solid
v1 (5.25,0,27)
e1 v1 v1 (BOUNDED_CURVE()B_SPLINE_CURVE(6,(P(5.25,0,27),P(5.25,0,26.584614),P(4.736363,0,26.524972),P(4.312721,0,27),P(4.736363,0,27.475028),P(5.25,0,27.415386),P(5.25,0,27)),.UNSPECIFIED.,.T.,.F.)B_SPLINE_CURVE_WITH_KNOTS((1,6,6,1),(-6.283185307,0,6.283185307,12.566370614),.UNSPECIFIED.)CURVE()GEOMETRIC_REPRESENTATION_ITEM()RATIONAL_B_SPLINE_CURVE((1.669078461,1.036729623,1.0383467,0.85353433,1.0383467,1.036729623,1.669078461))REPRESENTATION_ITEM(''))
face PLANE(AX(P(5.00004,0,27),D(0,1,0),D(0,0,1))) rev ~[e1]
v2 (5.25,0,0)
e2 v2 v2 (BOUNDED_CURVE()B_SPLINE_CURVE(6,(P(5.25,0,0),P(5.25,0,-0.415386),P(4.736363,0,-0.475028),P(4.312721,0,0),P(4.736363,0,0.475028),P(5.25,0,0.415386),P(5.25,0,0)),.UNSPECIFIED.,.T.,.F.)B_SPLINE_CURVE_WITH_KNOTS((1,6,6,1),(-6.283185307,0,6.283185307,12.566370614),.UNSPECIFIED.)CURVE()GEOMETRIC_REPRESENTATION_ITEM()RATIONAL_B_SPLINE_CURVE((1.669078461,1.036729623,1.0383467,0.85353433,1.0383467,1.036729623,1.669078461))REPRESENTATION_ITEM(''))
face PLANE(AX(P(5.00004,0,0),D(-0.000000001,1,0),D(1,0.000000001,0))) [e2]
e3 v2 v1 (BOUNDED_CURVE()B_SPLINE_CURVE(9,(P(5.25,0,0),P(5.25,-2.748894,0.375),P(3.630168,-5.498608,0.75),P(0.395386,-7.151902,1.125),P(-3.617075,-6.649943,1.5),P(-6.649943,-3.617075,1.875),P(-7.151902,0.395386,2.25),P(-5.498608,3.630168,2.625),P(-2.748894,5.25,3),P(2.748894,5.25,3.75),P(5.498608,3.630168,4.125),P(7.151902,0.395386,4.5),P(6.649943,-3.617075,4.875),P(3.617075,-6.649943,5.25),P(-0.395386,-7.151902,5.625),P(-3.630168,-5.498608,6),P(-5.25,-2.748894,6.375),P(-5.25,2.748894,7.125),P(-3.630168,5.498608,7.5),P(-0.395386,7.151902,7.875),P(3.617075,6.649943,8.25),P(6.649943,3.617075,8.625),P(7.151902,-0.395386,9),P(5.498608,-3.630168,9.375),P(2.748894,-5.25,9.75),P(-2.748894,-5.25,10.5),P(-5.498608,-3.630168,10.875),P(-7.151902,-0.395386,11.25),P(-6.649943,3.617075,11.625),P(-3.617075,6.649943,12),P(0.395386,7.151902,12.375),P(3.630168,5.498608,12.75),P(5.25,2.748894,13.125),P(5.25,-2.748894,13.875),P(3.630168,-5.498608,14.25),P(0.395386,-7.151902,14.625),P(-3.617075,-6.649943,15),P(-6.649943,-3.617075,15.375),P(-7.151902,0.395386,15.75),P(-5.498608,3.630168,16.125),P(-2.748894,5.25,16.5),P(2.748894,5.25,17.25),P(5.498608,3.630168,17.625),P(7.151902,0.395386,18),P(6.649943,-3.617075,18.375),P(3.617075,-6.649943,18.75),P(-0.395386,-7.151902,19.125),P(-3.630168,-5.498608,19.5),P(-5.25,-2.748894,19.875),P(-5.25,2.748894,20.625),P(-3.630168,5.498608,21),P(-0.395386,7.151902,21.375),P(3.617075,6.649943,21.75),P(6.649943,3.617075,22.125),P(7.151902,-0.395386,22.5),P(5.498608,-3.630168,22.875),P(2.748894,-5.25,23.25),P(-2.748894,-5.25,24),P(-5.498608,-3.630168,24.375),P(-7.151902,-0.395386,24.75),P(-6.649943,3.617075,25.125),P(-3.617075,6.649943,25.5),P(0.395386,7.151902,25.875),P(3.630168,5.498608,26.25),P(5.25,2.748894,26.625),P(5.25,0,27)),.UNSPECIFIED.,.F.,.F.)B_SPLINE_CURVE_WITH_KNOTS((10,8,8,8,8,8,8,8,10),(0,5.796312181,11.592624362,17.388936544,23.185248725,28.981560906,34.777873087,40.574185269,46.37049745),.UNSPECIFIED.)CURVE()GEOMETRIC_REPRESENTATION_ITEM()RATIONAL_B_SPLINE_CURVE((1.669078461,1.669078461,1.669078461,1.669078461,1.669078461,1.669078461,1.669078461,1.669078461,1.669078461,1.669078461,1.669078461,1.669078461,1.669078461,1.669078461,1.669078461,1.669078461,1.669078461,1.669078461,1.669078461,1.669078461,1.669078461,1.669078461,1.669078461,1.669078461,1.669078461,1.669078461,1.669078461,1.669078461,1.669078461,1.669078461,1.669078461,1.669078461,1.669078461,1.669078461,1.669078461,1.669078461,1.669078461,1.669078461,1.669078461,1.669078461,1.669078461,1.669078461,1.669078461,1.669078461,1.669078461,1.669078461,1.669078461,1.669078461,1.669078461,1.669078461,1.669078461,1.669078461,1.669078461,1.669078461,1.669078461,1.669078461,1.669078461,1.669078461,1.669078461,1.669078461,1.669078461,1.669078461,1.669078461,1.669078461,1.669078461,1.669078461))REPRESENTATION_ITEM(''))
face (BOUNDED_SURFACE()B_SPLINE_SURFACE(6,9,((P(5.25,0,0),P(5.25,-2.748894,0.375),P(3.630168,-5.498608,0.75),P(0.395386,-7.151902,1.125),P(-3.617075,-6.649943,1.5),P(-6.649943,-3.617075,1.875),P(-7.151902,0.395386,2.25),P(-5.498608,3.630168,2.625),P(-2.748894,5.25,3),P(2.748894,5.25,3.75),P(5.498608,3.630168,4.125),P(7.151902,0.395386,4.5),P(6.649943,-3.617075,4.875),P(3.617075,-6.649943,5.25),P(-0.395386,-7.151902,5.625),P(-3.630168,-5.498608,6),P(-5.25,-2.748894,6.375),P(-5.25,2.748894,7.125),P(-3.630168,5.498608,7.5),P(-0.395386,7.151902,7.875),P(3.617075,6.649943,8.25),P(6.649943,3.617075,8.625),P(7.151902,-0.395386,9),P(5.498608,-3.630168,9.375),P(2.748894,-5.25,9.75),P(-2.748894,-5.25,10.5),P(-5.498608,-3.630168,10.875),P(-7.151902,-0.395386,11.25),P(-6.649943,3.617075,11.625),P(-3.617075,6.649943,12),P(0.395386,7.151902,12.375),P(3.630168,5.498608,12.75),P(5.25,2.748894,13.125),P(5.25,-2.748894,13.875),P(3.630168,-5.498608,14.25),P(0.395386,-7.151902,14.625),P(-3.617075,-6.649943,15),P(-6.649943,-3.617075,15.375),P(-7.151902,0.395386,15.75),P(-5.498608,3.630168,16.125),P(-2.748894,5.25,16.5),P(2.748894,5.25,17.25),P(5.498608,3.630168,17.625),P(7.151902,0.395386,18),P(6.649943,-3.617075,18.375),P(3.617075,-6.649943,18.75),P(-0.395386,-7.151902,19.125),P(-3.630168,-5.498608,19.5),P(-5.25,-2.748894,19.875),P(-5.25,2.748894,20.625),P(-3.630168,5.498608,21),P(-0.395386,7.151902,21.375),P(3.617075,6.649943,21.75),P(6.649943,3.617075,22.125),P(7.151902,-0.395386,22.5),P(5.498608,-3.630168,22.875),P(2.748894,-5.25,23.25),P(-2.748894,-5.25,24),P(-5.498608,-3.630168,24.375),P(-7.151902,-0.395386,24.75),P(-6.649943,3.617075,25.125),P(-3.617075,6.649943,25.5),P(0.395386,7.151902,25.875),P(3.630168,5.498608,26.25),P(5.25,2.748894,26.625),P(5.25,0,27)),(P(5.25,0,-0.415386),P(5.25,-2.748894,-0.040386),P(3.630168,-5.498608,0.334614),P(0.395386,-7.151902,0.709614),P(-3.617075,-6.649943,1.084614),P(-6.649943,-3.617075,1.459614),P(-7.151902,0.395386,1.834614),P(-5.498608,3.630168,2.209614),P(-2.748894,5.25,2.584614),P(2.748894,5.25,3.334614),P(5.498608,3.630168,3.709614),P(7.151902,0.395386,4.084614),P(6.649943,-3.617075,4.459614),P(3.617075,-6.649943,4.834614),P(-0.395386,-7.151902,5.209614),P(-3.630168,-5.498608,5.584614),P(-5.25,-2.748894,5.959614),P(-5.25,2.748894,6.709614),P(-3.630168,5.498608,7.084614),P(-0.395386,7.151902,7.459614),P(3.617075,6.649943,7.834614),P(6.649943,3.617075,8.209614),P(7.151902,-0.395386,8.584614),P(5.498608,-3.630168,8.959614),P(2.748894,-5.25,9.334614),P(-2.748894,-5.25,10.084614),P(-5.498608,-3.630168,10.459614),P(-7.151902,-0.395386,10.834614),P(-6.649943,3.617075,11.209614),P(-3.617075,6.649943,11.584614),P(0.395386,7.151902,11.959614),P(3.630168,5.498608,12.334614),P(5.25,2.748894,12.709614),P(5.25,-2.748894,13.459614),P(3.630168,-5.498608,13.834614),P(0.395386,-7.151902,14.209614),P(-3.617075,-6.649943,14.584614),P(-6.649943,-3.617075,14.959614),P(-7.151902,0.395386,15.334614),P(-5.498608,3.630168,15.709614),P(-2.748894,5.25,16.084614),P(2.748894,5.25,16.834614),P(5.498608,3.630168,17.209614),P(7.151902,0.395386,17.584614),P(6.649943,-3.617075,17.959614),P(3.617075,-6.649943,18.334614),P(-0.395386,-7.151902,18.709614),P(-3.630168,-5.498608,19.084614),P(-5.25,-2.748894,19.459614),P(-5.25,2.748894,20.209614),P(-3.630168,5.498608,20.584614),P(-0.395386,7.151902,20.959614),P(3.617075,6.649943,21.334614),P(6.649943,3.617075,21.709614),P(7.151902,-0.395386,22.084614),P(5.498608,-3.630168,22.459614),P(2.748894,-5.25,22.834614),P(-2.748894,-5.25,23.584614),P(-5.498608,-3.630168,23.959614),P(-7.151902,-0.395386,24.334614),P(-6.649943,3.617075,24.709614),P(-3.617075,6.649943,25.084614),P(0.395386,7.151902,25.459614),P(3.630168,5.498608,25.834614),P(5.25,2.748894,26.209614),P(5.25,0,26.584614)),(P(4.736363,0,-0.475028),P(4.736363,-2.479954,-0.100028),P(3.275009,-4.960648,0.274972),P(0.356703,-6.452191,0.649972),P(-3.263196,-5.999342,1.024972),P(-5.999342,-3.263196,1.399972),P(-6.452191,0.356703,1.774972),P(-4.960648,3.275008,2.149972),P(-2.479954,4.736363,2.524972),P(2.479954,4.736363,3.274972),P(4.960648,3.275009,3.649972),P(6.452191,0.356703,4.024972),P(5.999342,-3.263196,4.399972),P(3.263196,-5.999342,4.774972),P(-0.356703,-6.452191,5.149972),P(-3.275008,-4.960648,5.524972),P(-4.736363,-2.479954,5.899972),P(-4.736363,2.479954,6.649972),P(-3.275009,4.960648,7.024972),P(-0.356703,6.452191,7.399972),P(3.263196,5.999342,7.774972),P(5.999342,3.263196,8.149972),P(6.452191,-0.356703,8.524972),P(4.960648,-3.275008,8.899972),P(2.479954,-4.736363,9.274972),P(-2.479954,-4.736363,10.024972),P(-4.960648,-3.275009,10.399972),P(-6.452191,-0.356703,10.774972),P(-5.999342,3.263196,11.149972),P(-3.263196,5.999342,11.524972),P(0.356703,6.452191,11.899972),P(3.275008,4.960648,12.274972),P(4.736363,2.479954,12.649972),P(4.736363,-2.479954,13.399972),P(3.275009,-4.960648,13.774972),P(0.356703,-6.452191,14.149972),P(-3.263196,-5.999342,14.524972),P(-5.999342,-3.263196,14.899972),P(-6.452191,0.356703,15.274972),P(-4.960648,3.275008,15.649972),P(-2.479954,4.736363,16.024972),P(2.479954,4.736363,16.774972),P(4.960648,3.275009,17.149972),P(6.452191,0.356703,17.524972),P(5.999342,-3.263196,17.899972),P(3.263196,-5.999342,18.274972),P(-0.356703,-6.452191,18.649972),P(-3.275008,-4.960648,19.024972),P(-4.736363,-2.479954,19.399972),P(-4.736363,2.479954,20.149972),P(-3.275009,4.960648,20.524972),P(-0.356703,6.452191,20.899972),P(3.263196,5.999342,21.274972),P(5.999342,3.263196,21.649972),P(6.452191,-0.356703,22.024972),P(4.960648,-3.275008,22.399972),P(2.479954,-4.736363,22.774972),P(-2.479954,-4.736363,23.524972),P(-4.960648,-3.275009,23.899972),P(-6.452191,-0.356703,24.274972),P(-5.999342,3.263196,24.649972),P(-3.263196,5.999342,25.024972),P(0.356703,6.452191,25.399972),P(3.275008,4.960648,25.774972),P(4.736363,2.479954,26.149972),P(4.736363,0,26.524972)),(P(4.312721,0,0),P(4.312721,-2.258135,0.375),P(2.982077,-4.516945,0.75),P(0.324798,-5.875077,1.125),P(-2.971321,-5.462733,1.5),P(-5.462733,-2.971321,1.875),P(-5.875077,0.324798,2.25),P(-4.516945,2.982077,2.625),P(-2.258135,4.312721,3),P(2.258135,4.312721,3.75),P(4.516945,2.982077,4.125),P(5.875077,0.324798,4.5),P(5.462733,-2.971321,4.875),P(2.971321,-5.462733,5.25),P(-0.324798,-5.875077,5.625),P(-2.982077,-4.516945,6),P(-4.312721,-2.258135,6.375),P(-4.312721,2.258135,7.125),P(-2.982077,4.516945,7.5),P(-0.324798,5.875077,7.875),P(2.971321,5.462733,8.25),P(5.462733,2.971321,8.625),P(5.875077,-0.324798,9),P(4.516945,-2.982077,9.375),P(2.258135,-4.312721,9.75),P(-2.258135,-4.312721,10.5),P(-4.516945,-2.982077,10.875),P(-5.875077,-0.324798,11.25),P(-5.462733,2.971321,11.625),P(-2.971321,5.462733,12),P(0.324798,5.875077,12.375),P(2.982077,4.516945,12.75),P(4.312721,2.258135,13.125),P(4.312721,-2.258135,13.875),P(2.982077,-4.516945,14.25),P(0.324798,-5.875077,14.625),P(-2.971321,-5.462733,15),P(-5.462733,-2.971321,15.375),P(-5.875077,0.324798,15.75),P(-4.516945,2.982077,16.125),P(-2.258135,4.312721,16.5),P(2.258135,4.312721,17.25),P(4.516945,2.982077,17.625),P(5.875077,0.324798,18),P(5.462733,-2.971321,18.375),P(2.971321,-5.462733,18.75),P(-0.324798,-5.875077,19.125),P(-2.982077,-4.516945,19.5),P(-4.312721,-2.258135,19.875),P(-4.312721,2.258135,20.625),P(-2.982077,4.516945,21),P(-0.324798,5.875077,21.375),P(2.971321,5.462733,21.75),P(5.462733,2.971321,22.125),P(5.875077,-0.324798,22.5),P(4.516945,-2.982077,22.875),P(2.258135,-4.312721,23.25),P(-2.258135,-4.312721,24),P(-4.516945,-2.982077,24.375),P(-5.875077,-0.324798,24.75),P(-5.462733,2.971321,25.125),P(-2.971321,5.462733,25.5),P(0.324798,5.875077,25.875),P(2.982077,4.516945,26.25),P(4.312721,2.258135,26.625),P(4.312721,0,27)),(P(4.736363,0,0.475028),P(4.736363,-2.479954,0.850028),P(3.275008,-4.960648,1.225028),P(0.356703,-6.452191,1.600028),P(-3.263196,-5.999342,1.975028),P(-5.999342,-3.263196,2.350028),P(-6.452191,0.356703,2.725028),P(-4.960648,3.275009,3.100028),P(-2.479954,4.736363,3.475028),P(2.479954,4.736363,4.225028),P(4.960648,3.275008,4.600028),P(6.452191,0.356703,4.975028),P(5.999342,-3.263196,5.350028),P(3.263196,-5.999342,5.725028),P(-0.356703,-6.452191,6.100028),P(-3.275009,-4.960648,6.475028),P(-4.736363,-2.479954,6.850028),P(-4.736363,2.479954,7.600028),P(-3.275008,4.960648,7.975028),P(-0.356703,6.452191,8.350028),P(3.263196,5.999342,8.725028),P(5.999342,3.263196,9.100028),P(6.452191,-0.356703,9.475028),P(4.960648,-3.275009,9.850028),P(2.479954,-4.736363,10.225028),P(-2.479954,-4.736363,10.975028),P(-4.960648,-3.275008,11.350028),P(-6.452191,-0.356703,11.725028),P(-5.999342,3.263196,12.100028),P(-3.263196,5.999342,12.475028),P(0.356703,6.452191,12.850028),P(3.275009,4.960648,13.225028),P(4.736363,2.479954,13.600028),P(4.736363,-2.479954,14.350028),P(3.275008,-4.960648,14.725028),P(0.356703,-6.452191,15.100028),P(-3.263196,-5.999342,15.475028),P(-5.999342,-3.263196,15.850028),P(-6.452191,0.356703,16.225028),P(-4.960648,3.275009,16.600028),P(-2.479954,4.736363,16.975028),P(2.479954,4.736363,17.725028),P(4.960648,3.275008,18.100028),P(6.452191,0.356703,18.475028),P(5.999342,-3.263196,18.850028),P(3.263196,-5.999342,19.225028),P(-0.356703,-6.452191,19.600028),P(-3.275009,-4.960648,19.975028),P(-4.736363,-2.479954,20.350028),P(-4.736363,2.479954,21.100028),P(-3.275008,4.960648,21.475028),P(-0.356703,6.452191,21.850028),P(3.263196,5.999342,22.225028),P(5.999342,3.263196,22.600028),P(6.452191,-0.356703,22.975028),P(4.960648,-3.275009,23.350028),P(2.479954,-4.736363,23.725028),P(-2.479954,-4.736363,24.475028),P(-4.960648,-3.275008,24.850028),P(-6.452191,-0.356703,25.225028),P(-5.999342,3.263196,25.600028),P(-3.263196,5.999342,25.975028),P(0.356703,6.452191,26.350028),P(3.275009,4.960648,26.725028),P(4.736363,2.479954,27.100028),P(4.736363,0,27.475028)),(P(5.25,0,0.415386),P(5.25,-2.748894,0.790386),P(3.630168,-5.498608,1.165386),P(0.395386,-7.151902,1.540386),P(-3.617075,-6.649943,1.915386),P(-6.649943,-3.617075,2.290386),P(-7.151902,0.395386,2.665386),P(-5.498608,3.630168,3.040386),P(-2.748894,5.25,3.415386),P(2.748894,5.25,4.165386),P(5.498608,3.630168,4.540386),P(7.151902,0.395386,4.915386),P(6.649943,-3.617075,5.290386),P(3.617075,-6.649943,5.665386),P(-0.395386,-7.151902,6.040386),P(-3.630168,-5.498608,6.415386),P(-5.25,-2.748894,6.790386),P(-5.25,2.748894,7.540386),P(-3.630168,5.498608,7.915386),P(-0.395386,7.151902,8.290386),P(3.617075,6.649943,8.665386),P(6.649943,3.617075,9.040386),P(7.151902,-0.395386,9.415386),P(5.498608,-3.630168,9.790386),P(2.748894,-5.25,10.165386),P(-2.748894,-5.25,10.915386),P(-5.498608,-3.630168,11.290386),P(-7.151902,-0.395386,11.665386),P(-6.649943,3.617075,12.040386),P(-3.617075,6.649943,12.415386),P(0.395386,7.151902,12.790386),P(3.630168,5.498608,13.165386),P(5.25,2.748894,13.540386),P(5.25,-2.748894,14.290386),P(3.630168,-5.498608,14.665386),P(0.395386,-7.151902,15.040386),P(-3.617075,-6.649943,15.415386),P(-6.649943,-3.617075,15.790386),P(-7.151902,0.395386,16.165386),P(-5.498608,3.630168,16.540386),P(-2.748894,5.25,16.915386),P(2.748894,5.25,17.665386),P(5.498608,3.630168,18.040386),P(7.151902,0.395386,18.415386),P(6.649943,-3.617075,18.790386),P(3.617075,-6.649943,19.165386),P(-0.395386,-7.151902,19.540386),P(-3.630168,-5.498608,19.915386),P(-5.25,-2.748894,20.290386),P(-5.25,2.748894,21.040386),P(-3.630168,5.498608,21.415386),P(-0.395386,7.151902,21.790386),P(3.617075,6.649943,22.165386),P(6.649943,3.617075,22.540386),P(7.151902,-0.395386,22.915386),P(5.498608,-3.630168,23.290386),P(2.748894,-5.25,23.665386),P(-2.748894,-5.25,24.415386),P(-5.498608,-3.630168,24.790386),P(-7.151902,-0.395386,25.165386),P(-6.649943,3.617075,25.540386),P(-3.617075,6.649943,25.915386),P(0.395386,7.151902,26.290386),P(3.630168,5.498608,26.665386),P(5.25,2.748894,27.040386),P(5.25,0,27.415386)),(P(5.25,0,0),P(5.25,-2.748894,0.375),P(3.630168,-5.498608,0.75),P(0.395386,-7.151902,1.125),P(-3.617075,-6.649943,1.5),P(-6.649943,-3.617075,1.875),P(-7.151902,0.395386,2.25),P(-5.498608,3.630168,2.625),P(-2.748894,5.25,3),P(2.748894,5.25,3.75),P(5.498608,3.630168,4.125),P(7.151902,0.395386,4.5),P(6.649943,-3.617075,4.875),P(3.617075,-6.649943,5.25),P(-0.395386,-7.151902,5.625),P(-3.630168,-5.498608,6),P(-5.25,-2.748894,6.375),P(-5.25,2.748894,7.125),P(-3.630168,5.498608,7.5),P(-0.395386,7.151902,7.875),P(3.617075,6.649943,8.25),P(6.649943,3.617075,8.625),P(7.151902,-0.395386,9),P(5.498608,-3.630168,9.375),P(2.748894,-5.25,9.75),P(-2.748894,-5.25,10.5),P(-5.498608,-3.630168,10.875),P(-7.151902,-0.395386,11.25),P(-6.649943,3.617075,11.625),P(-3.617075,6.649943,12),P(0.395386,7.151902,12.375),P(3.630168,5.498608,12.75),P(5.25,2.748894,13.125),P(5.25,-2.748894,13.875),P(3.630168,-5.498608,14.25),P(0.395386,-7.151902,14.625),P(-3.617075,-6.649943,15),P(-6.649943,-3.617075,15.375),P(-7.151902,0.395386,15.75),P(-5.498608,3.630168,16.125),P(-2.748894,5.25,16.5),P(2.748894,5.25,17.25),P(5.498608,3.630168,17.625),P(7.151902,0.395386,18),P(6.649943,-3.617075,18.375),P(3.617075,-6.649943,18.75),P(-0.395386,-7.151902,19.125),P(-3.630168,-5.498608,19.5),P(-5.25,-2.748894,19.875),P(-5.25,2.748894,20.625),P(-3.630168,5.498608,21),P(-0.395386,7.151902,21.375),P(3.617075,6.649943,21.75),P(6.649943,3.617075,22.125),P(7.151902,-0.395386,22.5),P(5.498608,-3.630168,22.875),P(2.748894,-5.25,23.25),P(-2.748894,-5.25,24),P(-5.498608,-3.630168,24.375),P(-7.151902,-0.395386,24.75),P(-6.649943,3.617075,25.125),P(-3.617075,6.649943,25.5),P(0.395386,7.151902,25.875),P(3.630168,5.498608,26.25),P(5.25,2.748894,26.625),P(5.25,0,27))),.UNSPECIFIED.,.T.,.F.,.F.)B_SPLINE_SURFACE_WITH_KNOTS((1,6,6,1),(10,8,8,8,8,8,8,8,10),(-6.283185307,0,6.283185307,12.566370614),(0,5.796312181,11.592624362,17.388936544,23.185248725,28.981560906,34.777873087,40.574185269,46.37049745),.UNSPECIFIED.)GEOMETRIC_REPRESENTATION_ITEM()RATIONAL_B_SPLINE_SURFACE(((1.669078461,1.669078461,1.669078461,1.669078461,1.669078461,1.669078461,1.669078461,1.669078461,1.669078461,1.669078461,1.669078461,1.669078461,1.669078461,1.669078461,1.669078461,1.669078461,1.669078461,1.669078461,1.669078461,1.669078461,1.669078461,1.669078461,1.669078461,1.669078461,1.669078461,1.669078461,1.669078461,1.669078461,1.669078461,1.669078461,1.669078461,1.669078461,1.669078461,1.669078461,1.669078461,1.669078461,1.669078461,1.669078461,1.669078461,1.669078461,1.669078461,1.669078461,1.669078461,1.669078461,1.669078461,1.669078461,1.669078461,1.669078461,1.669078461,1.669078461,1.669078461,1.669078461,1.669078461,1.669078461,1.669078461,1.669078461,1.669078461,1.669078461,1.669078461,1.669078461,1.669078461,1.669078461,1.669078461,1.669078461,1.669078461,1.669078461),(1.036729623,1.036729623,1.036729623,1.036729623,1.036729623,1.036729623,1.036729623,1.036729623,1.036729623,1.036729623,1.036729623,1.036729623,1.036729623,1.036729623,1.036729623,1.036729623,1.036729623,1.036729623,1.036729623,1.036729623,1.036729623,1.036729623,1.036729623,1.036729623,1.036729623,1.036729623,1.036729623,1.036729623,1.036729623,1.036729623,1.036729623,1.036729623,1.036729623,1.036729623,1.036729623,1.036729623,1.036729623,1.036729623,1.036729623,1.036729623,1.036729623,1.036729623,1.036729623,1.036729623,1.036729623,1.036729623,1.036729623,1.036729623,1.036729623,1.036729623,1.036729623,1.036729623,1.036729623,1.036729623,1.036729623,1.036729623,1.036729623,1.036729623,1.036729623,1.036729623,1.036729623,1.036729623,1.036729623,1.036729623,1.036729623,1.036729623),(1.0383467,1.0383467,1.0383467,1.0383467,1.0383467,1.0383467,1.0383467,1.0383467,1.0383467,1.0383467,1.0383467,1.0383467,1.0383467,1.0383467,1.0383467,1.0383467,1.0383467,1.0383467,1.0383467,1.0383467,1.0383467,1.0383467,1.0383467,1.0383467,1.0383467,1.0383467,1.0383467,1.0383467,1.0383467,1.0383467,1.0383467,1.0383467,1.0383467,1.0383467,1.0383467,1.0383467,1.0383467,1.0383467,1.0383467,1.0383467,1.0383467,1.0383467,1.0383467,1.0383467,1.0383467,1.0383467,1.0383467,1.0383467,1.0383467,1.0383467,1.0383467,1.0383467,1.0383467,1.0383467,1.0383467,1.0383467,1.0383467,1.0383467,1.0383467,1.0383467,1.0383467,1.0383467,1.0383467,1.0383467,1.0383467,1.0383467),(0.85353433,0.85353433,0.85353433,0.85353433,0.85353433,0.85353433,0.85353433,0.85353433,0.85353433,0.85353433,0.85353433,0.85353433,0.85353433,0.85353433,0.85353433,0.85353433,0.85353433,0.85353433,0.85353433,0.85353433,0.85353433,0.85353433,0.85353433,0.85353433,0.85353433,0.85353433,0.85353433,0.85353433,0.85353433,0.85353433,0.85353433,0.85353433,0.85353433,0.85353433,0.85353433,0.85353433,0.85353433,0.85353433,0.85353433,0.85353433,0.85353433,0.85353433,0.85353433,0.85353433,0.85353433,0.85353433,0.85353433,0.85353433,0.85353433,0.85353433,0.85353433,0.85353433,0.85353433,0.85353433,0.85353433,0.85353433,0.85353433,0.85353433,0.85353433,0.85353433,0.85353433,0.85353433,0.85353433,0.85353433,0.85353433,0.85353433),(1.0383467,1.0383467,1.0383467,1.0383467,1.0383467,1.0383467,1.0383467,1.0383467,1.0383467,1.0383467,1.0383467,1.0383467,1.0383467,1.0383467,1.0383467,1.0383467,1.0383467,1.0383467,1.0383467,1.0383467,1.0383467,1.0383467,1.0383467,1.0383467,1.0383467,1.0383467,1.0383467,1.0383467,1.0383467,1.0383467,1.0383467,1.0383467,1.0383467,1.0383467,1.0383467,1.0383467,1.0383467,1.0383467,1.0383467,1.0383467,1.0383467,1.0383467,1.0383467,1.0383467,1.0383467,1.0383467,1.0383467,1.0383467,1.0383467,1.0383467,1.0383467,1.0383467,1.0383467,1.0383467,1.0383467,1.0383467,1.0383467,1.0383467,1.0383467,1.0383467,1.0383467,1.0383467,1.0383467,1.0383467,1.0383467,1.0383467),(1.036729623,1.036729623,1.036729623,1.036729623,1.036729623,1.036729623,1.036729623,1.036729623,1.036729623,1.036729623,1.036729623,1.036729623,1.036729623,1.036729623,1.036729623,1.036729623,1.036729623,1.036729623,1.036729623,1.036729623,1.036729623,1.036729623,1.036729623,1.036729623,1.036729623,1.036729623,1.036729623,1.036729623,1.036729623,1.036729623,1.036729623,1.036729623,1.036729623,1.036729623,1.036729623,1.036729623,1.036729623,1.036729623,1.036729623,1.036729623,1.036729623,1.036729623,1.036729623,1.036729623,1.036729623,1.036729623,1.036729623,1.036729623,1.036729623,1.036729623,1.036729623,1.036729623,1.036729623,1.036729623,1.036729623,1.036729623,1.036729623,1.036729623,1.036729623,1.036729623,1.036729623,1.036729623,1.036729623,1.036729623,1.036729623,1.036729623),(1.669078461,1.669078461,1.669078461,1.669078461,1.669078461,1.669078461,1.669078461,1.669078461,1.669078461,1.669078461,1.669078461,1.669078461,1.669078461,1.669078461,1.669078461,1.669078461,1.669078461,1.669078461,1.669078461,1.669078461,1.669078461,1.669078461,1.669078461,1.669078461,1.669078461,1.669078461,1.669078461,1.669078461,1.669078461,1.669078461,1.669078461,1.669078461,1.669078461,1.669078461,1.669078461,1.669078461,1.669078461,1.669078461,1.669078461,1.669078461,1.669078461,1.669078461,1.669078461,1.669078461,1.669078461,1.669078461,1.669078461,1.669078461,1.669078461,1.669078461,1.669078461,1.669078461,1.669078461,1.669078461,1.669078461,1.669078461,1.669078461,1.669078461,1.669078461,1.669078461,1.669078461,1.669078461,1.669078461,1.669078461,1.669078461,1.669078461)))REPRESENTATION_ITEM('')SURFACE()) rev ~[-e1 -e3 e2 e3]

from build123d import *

# Parameters (mm, degrees)
SWEEP_2_PITCH  = 4.5
SWEEP_2_HEIGHT = 27
SWEEP_2_RADIUS = 5
SKETCH_11_R    = 0.25


with BuildPart() as part:
    # 扫描2: sweep along a helix
    with BuildLine() as sweep_2_path:
        Helix(SWEEP_2_PITCH, SWEEP_2_HEIGHT, SWEEP_2_RADIUS, center=(0, 0, 0), direction=(0, 0, 1), lefthand=True)
    # 草图11 → 扫描2 (sweep)
    with BuildSketch(Plane(origin=(0, 0, 0), x_dir=(1, 0, 0), z_dir=(0, 1, 0))):
        with Locations((5, -27)):
            Circle(SKETCH_11_R)
    sweep(path=sweep_2_path.line, is_frenet=True)


solid = part.part
